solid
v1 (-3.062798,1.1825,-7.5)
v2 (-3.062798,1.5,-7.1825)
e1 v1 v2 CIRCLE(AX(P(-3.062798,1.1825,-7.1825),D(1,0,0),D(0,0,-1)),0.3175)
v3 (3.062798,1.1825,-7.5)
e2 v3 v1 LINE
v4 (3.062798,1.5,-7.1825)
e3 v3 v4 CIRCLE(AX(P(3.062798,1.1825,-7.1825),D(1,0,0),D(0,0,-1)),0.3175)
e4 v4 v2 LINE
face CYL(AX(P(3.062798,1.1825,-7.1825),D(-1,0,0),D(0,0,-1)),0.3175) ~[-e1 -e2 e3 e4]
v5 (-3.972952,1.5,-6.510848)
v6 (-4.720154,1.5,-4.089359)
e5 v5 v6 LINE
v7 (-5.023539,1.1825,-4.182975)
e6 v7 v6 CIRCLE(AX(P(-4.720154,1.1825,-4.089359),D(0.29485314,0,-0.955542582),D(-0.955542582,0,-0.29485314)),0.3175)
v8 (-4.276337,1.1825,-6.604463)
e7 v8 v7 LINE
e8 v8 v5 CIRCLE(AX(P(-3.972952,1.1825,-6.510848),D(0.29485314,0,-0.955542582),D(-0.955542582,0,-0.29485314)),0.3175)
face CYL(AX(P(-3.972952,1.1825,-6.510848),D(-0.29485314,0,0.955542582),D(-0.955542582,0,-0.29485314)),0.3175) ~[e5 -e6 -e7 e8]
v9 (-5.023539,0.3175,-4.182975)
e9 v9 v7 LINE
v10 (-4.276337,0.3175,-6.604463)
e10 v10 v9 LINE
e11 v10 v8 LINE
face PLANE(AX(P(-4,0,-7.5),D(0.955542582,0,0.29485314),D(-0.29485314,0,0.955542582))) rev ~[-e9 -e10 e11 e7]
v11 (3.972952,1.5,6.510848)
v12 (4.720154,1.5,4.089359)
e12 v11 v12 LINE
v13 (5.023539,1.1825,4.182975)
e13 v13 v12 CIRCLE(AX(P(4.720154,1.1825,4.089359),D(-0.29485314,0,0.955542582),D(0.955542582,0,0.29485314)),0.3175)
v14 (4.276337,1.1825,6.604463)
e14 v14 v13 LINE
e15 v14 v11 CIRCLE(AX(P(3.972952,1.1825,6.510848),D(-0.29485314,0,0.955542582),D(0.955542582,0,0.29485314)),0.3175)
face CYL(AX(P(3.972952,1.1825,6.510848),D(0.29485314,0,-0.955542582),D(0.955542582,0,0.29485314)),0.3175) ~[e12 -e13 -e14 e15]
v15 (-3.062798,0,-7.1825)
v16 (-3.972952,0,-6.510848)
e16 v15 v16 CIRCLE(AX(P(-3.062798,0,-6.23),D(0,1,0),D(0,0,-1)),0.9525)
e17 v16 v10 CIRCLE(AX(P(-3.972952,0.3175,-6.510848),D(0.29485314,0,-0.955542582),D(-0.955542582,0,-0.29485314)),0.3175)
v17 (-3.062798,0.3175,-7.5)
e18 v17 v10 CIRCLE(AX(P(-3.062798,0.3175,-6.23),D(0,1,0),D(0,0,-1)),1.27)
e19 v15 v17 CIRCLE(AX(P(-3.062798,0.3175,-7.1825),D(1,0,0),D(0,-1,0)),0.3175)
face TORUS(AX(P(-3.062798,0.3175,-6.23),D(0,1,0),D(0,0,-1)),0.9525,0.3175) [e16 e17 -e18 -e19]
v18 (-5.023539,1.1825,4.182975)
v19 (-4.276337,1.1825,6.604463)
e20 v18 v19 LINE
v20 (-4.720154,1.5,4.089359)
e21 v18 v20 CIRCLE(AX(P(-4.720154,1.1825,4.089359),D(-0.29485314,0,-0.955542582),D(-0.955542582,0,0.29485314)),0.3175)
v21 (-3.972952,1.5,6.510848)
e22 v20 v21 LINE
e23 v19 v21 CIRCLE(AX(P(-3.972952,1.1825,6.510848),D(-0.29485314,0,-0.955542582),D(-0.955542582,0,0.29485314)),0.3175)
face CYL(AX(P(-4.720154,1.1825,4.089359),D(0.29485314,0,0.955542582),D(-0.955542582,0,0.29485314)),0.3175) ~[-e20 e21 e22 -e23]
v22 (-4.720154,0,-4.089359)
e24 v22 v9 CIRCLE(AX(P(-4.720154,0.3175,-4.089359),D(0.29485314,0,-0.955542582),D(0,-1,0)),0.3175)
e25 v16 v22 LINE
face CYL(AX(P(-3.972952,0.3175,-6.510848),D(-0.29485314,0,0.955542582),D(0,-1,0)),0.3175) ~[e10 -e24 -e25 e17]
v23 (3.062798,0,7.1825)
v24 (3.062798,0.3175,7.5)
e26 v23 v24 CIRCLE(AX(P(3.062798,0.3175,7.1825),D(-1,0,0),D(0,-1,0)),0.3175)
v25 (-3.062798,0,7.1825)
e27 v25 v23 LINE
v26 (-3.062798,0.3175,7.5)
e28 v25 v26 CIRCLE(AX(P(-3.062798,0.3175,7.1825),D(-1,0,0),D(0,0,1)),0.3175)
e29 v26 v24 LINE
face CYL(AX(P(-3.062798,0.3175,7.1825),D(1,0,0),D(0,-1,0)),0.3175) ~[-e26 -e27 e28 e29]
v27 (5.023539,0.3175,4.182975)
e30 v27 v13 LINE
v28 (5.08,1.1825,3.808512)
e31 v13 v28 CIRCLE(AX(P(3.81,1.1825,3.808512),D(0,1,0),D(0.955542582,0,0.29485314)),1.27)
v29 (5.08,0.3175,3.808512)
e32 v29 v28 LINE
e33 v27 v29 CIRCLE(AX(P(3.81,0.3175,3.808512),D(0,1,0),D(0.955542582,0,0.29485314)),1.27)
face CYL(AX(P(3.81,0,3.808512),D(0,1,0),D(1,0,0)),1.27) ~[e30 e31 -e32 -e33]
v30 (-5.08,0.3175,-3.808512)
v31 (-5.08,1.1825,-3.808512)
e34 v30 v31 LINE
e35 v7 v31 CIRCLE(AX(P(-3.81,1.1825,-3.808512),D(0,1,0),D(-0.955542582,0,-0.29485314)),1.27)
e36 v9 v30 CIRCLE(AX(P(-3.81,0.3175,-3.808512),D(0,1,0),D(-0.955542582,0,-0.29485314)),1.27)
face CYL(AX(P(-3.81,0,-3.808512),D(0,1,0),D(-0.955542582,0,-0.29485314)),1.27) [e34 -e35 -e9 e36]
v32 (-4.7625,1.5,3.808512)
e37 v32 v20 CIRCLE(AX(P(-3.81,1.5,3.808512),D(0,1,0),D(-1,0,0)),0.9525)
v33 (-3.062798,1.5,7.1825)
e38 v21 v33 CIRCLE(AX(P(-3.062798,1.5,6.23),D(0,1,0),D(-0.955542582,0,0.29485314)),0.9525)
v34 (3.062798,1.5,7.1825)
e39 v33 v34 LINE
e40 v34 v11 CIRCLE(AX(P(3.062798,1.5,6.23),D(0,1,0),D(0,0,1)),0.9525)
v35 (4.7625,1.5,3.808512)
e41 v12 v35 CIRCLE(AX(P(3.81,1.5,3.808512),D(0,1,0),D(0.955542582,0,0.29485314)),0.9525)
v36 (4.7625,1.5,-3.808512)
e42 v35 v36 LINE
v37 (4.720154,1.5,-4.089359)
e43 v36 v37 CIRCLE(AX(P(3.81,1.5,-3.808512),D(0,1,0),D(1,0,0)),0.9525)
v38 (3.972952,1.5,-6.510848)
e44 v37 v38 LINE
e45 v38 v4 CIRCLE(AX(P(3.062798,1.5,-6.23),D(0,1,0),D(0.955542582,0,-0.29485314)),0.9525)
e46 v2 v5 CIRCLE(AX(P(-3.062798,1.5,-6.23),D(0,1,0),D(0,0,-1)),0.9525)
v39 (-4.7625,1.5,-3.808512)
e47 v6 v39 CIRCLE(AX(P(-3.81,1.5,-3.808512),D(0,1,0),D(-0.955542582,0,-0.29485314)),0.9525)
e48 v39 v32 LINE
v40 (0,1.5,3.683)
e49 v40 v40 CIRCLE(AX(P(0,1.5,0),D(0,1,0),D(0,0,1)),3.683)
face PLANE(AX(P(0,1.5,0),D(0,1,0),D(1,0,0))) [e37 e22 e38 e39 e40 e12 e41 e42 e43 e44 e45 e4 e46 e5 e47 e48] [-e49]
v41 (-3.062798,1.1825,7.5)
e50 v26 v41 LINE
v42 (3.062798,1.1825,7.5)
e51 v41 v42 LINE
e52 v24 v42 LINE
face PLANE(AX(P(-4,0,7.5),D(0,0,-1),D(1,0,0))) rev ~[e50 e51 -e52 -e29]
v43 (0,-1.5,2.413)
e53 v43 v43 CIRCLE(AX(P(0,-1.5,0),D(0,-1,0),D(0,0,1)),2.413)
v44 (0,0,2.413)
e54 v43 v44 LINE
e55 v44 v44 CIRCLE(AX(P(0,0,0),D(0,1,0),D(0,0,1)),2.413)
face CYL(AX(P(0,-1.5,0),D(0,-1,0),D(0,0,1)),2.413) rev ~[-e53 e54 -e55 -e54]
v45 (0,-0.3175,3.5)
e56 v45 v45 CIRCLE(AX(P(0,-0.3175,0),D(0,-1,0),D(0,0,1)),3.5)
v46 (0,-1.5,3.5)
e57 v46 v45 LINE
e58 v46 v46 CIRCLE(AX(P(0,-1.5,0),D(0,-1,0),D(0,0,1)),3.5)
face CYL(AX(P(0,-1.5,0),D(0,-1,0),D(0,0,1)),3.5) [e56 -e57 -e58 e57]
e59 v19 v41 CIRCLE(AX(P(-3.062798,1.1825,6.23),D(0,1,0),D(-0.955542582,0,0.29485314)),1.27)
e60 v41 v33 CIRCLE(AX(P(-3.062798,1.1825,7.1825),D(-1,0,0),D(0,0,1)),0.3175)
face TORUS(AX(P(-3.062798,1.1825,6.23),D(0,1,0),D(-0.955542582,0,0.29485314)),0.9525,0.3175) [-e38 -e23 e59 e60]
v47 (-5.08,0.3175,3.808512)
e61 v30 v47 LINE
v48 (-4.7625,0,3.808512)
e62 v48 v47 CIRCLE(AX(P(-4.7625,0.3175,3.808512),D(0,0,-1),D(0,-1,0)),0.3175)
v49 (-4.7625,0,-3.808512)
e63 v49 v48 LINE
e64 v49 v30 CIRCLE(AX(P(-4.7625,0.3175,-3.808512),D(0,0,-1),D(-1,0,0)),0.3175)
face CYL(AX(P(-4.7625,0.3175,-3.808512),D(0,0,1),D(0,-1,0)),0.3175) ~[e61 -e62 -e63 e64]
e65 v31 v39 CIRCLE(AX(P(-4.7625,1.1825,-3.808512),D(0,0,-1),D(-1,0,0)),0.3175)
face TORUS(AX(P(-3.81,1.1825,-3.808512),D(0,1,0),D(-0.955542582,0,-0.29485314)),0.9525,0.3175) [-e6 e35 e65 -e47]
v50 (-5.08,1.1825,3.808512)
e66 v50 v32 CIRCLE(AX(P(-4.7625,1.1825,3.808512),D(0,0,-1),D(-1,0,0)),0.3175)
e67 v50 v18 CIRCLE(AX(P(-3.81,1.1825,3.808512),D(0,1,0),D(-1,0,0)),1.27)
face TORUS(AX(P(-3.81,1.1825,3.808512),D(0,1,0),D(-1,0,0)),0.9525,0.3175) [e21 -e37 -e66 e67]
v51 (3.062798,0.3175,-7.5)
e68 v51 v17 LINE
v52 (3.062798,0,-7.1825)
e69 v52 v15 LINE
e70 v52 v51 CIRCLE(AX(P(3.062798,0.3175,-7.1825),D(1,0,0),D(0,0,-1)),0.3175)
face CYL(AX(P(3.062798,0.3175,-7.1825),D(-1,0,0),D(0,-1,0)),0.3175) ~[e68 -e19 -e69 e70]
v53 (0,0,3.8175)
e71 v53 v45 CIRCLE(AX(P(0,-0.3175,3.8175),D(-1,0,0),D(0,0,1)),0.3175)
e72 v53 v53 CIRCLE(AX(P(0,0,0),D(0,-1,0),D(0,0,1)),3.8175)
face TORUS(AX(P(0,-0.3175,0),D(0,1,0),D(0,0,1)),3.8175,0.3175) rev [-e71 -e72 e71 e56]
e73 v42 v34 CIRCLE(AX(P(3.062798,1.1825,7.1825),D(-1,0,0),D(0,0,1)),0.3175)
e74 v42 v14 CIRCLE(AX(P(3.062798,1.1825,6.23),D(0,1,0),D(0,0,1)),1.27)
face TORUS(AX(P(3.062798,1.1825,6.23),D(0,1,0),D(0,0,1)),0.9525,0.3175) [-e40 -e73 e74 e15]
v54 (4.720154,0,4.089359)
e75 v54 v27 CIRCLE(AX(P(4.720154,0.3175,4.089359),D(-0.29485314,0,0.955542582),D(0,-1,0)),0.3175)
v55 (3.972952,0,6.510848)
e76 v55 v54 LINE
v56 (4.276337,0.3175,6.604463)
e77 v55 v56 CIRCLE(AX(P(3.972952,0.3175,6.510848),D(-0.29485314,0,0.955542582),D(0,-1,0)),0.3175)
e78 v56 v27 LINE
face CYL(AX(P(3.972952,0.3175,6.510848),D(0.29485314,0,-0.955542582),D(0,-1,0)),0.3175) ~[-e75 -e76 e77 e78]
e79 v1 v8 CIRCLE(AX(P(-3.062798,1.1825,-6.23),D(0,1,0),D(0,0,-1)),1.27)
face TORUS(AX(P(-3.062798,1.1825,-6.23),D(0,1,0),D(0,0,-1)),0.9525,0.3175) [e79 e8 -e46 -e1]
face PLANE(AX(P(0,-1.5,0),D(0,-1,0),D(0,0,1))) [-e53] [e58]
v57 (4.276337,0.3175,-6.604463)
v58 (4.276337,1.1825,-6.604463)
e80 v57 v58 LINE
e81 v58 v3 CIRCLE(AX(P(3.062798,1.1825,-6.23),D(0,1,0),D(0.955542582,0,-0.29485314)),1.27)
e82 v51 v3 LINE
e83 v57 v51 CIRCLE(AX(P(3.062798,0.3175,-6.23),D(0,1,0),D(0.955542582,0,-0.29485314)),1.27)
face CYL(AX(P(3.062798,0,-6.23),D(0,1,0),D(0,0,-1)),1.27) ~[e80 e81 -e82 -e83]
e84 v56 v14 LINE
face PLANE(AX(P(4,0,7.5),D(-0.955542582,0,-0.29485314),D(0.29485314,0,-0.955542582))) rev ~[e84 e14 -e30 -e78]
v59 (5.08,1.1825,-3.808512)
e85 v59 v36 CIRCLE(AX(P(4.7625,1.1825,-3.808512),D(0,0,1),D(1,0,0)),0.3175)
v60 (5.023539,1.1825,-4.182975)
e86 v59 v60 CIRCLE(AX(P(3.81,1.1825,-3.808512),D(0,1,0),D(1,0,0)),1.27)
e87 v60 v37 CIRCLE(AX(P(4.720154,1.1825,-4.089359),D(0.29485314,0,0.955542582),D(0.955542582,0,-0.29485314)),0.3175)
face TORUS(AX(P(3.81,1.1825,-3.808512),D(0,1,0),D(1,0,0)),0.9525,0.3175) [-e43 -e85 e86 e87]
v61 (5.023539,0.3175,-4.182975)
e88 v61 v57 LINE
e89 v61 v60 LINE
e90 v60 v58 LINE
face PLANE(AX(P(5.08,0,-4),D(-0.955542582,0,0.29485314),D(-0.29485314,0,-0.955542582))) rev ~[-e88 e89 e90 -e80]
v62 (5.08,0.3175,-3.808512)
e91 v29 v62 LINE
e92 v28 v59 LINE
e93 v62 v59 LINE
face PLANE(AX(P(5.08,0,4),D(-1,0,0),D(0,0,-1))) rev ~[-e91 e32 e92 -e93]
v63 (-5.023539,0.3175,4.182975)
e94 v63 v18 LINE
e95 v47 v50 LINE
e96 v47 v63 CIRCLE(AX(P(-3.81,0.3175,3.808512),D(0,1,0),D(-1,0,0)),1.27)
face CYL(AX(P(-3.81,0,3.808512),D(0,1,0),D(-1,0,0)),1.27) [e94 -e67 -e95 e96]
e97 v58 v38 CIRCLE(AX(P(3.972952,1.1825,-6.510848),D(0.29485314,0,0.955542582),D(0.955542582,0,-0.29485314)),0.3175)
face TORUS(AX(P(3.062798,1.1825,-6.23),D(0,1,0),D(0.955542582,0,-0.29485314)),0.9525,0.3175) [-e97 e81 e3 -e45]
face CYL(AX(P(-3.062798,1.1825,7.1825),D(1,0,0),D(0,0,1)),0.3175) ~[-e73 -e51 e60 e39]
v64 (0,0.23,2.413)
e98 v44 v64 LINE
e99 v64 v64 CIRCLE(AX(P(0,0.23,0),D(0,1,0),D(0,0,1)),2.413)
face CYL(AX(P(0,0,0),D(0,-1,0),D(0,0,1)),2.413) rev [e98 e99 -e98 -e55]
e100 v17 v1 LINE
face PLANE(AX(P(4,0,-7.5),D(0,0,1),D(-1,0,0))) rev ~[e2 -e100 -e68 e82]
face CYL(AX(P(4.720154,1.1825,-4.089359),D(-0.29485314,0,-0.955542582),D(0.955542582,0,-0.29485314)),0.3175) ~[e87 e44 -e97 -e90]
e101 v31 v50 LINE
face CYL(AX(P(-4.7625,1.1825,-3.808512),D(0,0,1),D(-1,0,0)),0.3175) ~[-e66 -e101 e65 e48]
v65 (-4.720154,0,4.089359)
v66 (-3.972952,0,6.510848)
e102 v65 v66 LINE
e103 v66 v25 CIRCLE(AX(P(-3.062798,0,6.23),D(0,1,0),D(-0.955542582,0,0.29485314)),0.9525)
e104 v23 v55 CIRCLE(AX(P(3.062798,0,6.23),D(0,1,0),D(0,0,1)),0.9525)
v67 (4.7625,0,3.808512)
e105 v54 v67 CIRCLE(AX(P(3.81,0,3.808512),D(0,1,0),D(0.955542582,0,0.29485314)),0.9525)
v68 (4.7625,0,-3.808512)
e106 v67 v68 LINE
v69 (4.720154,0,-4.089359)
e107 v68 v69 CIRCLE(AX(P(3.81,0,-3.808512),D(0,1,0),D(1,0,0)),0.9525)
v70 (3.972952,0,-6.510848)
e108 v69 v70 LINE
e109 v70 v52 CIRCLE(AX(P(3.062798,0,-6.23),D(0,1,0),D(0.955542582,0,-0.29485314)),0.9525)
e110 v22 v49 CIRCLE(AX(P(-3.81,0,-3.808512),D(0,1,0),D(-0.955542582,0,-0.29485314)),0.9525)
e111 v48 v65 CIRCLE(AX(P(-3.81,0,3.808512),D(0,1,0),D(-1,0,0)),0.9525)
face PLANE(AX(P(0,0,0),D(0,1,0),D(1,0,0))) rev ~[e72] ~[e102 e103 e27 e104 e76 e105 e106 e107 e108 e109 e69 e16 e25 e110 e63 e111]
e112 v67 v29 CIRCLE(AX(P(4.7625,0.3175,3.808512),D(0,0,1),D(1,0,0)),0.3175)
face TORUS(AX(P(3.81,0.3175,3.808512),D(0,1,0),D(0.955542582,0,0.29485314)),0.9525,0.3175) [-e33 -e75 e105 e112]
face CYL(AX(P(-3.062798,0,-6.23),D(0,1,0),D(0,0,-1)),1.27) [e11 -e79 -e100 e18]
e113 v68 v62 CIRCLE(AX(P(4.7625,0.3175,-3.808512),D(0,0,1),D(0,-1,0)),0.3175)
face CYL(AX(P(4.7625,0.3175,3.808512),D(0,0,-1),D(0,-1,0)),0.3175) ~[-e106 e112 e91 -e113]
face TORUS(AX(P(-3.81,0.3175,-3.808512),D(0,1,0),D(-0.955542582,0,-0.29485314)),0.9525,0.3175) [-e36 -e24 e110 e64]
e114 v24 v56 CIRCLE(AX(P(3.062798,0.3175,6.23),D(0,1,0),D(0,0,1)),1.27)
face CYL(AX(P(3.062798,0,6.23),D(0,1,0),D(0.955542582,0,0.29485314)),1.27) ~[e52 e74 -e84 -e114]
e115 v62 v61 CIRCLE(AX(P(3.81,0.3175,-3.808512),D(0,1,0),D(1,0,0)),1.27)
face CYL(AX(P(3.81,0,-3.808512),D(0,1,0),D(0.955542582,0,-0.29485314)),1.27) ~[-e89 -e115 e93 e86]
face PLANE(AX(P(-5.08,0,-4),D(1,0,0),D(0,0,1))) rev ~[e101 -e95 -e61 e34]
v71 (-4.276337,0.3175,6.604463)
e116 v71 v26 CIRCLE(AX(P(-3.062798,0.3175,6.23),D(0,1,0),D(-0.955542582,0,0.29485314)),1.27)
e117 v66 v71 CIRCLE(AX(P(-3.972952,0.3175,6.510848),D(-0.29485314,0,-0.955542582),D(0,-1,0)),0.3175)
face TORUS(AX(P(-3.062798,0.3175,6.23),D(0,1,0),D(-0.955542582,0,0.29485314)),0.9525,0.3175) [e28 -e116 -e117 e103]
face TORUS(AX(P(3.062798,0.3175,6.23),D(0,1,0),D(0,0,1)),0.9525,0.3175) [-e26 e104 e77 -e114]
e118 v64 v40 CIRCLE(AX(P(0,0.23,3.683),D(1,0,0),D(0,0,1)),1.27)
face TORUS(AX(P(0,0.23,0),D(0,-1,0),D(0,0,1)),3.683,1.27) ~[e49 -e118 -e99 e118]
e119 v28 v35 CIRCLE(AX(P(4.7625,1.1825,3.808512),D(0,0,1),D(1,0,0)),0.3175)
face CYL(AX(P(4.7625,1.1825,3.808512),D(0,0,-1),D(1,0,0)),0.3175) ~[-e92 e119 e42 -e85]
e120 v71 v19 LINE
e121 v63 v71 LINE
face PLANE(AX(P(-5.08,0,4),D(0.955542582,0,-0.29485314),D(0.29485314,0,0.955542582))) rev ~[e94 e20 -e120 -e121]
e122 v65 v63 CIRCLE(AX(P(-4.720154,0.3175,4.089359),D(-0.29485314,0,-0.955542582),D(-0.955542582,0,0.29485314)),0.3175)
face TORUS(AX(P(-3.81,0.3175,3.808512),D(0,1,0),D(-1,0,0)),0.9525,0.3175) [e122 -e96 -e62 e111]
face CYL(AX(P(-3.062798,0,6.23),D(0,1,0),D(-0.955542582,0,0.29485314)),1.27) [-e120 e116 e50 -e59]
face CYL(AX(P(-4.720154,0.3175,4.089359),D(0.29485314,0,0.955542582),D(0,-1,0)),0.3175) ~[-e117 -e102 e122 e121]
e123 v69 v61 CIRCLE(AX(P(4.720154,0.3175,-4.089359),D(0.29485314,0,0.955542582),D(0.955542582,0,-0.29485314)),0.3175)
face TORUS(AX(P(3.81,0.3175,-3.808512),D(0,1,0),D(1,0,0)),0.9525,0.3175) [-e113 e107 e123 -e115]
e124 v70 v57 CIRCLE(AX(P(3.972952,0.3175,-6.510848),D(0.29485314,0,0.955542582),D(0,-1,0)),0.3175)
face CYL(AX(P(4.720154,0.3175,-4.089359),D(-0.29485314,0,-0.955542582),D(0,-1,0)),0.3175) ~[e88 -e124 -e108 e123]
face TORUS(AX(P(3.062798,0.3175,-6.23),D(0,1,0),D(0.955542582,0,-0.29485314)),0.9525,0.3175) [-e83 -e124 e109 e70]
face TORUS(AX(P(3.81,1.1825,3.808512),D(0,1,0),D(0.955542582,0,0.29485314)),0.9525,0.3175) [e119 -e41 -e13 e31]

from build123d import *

# Parameters (mm, degrees)
SKETCH1_R           = 2.413
BOSS_EXTRUDE1_DEPTH = 1.5
BOSS_EXTRUDE2_START = 1.5
SKETCH2_R           = 3.5
SKETCH2_R_2         = 2.413
BOSS_EXTRUDE2_DEPTH = 1.5
FILLET1_R           = 1.27
FILLET2_R           = 0.3175


with BuildPart() as part:
    # Sketch1 → Boss-Extrude1 (new body)
    with BuildSketch(Plane(origin=(0, 0, 0), x_dir=(1, 0, 0), z_dir=(0, 1, 0))):
        Polygon((4, 7.5), (-4, 7.5), (-5.08, 4), (-5.08, -4), (-4, -7.5), (4, -7.5), (5.08, -4), (5.08, 4), align=None)
        with Locations(Location((0, 0, 0), (0, 0, 270))):
            Circle(SKETCH1_R, mode=Mode.SUBTRACT)
    extrude(amount=BOSS_EXTRUDE1_DEPTH)

    # Sketch2 → Boss-Extrude2 (add)
    with BuildSketch(Plane.XZ.offset(BOSS_EXTRUDE2_START)):
        with Locations(Location((0, 0, 0), (0, 0, 90))):
            Circle(SKETCH2_R)
        with Locations(Location((0, 0, 0), (0, 0, 90))):
            Circle(SKETCH2_R_2, mode=Mode.SUBTRACT)
    extrude(amount=-BOSS_EXTRUDE2_DEPTH)

    # Fillet1
    fillet1_edges = [part.edges().sort_by_distance(p)[0] for p in [
        (-5.08, 0.75, 4),
        (-5.08, 0.75, -4),
        (-4, 0.75, -7.5),
        (4, 0.75, -7.5),
        (5.08, 0.75, -4),
        (5.08, 0.75, 4),
        (4, 0.75, 7.5),
        (-4, 0.75, 7.5),
        (0, 1.5, -2.413),
    ]]
    fillet(fillet1_edges, radius=FILLET1_R)

    # Fillet2
    fillet2_edges = [part.edges().sort_by_distance(p)[0] for p in [
        (0, 0, -3.5),
        (-4.64993803, 1.5, 5.393719347),
        (0, 1.5, 7.5),
        (4.64993803, 1.5, 5.393719347),
        (5.08, 1.5, 0),
        (4.64993803, 1.5, -5.393719347),
        (0, 1.5, -7.5),
        (-4.64993803, 1.5, -5.393719347),
        (-5.08, 1.5, 0),
        (5.065805445, 1.5, 3.997859771),
        (5.065805445, 1.5, -3.997859771),
        (3.816897156, 1.5, -7.251877837),
        (-3.816897156, 1.5, -7.251877837),
        (-5.065805445, 1.5, -3.997859771),
        (-5.065805445, 1.5, 3.997859771),
        (-3.816897156, 1.5, 7.251877837),
        (3.816897156, 1.5, 7.251877837),
        (4.64993803, 0, 5.393719347),
        (-4.64993803, 0, 5.393719347),
        (-5.08, 0, 0),
        (-4.64993803, 0, -5.393719347),
        (0, 0, -7.5),
        (4.64993803, 0, -5.393719347),
        (5.08, 0, 0),
        (0, 0, 7.5),
        (5.065805445, 0, 3.997859771),
        (5.065805445, 0, -3.997859771),
        (3.816897156, 0, -7.251877837),
        (-3.816897156, 0, -7.251877837),
        (-5.065805445, 0, -3.997859771),
        (-5.065805445, 0, 3.997859771),
        (-3.816897156, 0, 7.251877837),
        (3.816897156, 0, 7.251877837),
    ]]
    fillet(fillet2_edges, radius=FILLET2_R)


solid = part.part
